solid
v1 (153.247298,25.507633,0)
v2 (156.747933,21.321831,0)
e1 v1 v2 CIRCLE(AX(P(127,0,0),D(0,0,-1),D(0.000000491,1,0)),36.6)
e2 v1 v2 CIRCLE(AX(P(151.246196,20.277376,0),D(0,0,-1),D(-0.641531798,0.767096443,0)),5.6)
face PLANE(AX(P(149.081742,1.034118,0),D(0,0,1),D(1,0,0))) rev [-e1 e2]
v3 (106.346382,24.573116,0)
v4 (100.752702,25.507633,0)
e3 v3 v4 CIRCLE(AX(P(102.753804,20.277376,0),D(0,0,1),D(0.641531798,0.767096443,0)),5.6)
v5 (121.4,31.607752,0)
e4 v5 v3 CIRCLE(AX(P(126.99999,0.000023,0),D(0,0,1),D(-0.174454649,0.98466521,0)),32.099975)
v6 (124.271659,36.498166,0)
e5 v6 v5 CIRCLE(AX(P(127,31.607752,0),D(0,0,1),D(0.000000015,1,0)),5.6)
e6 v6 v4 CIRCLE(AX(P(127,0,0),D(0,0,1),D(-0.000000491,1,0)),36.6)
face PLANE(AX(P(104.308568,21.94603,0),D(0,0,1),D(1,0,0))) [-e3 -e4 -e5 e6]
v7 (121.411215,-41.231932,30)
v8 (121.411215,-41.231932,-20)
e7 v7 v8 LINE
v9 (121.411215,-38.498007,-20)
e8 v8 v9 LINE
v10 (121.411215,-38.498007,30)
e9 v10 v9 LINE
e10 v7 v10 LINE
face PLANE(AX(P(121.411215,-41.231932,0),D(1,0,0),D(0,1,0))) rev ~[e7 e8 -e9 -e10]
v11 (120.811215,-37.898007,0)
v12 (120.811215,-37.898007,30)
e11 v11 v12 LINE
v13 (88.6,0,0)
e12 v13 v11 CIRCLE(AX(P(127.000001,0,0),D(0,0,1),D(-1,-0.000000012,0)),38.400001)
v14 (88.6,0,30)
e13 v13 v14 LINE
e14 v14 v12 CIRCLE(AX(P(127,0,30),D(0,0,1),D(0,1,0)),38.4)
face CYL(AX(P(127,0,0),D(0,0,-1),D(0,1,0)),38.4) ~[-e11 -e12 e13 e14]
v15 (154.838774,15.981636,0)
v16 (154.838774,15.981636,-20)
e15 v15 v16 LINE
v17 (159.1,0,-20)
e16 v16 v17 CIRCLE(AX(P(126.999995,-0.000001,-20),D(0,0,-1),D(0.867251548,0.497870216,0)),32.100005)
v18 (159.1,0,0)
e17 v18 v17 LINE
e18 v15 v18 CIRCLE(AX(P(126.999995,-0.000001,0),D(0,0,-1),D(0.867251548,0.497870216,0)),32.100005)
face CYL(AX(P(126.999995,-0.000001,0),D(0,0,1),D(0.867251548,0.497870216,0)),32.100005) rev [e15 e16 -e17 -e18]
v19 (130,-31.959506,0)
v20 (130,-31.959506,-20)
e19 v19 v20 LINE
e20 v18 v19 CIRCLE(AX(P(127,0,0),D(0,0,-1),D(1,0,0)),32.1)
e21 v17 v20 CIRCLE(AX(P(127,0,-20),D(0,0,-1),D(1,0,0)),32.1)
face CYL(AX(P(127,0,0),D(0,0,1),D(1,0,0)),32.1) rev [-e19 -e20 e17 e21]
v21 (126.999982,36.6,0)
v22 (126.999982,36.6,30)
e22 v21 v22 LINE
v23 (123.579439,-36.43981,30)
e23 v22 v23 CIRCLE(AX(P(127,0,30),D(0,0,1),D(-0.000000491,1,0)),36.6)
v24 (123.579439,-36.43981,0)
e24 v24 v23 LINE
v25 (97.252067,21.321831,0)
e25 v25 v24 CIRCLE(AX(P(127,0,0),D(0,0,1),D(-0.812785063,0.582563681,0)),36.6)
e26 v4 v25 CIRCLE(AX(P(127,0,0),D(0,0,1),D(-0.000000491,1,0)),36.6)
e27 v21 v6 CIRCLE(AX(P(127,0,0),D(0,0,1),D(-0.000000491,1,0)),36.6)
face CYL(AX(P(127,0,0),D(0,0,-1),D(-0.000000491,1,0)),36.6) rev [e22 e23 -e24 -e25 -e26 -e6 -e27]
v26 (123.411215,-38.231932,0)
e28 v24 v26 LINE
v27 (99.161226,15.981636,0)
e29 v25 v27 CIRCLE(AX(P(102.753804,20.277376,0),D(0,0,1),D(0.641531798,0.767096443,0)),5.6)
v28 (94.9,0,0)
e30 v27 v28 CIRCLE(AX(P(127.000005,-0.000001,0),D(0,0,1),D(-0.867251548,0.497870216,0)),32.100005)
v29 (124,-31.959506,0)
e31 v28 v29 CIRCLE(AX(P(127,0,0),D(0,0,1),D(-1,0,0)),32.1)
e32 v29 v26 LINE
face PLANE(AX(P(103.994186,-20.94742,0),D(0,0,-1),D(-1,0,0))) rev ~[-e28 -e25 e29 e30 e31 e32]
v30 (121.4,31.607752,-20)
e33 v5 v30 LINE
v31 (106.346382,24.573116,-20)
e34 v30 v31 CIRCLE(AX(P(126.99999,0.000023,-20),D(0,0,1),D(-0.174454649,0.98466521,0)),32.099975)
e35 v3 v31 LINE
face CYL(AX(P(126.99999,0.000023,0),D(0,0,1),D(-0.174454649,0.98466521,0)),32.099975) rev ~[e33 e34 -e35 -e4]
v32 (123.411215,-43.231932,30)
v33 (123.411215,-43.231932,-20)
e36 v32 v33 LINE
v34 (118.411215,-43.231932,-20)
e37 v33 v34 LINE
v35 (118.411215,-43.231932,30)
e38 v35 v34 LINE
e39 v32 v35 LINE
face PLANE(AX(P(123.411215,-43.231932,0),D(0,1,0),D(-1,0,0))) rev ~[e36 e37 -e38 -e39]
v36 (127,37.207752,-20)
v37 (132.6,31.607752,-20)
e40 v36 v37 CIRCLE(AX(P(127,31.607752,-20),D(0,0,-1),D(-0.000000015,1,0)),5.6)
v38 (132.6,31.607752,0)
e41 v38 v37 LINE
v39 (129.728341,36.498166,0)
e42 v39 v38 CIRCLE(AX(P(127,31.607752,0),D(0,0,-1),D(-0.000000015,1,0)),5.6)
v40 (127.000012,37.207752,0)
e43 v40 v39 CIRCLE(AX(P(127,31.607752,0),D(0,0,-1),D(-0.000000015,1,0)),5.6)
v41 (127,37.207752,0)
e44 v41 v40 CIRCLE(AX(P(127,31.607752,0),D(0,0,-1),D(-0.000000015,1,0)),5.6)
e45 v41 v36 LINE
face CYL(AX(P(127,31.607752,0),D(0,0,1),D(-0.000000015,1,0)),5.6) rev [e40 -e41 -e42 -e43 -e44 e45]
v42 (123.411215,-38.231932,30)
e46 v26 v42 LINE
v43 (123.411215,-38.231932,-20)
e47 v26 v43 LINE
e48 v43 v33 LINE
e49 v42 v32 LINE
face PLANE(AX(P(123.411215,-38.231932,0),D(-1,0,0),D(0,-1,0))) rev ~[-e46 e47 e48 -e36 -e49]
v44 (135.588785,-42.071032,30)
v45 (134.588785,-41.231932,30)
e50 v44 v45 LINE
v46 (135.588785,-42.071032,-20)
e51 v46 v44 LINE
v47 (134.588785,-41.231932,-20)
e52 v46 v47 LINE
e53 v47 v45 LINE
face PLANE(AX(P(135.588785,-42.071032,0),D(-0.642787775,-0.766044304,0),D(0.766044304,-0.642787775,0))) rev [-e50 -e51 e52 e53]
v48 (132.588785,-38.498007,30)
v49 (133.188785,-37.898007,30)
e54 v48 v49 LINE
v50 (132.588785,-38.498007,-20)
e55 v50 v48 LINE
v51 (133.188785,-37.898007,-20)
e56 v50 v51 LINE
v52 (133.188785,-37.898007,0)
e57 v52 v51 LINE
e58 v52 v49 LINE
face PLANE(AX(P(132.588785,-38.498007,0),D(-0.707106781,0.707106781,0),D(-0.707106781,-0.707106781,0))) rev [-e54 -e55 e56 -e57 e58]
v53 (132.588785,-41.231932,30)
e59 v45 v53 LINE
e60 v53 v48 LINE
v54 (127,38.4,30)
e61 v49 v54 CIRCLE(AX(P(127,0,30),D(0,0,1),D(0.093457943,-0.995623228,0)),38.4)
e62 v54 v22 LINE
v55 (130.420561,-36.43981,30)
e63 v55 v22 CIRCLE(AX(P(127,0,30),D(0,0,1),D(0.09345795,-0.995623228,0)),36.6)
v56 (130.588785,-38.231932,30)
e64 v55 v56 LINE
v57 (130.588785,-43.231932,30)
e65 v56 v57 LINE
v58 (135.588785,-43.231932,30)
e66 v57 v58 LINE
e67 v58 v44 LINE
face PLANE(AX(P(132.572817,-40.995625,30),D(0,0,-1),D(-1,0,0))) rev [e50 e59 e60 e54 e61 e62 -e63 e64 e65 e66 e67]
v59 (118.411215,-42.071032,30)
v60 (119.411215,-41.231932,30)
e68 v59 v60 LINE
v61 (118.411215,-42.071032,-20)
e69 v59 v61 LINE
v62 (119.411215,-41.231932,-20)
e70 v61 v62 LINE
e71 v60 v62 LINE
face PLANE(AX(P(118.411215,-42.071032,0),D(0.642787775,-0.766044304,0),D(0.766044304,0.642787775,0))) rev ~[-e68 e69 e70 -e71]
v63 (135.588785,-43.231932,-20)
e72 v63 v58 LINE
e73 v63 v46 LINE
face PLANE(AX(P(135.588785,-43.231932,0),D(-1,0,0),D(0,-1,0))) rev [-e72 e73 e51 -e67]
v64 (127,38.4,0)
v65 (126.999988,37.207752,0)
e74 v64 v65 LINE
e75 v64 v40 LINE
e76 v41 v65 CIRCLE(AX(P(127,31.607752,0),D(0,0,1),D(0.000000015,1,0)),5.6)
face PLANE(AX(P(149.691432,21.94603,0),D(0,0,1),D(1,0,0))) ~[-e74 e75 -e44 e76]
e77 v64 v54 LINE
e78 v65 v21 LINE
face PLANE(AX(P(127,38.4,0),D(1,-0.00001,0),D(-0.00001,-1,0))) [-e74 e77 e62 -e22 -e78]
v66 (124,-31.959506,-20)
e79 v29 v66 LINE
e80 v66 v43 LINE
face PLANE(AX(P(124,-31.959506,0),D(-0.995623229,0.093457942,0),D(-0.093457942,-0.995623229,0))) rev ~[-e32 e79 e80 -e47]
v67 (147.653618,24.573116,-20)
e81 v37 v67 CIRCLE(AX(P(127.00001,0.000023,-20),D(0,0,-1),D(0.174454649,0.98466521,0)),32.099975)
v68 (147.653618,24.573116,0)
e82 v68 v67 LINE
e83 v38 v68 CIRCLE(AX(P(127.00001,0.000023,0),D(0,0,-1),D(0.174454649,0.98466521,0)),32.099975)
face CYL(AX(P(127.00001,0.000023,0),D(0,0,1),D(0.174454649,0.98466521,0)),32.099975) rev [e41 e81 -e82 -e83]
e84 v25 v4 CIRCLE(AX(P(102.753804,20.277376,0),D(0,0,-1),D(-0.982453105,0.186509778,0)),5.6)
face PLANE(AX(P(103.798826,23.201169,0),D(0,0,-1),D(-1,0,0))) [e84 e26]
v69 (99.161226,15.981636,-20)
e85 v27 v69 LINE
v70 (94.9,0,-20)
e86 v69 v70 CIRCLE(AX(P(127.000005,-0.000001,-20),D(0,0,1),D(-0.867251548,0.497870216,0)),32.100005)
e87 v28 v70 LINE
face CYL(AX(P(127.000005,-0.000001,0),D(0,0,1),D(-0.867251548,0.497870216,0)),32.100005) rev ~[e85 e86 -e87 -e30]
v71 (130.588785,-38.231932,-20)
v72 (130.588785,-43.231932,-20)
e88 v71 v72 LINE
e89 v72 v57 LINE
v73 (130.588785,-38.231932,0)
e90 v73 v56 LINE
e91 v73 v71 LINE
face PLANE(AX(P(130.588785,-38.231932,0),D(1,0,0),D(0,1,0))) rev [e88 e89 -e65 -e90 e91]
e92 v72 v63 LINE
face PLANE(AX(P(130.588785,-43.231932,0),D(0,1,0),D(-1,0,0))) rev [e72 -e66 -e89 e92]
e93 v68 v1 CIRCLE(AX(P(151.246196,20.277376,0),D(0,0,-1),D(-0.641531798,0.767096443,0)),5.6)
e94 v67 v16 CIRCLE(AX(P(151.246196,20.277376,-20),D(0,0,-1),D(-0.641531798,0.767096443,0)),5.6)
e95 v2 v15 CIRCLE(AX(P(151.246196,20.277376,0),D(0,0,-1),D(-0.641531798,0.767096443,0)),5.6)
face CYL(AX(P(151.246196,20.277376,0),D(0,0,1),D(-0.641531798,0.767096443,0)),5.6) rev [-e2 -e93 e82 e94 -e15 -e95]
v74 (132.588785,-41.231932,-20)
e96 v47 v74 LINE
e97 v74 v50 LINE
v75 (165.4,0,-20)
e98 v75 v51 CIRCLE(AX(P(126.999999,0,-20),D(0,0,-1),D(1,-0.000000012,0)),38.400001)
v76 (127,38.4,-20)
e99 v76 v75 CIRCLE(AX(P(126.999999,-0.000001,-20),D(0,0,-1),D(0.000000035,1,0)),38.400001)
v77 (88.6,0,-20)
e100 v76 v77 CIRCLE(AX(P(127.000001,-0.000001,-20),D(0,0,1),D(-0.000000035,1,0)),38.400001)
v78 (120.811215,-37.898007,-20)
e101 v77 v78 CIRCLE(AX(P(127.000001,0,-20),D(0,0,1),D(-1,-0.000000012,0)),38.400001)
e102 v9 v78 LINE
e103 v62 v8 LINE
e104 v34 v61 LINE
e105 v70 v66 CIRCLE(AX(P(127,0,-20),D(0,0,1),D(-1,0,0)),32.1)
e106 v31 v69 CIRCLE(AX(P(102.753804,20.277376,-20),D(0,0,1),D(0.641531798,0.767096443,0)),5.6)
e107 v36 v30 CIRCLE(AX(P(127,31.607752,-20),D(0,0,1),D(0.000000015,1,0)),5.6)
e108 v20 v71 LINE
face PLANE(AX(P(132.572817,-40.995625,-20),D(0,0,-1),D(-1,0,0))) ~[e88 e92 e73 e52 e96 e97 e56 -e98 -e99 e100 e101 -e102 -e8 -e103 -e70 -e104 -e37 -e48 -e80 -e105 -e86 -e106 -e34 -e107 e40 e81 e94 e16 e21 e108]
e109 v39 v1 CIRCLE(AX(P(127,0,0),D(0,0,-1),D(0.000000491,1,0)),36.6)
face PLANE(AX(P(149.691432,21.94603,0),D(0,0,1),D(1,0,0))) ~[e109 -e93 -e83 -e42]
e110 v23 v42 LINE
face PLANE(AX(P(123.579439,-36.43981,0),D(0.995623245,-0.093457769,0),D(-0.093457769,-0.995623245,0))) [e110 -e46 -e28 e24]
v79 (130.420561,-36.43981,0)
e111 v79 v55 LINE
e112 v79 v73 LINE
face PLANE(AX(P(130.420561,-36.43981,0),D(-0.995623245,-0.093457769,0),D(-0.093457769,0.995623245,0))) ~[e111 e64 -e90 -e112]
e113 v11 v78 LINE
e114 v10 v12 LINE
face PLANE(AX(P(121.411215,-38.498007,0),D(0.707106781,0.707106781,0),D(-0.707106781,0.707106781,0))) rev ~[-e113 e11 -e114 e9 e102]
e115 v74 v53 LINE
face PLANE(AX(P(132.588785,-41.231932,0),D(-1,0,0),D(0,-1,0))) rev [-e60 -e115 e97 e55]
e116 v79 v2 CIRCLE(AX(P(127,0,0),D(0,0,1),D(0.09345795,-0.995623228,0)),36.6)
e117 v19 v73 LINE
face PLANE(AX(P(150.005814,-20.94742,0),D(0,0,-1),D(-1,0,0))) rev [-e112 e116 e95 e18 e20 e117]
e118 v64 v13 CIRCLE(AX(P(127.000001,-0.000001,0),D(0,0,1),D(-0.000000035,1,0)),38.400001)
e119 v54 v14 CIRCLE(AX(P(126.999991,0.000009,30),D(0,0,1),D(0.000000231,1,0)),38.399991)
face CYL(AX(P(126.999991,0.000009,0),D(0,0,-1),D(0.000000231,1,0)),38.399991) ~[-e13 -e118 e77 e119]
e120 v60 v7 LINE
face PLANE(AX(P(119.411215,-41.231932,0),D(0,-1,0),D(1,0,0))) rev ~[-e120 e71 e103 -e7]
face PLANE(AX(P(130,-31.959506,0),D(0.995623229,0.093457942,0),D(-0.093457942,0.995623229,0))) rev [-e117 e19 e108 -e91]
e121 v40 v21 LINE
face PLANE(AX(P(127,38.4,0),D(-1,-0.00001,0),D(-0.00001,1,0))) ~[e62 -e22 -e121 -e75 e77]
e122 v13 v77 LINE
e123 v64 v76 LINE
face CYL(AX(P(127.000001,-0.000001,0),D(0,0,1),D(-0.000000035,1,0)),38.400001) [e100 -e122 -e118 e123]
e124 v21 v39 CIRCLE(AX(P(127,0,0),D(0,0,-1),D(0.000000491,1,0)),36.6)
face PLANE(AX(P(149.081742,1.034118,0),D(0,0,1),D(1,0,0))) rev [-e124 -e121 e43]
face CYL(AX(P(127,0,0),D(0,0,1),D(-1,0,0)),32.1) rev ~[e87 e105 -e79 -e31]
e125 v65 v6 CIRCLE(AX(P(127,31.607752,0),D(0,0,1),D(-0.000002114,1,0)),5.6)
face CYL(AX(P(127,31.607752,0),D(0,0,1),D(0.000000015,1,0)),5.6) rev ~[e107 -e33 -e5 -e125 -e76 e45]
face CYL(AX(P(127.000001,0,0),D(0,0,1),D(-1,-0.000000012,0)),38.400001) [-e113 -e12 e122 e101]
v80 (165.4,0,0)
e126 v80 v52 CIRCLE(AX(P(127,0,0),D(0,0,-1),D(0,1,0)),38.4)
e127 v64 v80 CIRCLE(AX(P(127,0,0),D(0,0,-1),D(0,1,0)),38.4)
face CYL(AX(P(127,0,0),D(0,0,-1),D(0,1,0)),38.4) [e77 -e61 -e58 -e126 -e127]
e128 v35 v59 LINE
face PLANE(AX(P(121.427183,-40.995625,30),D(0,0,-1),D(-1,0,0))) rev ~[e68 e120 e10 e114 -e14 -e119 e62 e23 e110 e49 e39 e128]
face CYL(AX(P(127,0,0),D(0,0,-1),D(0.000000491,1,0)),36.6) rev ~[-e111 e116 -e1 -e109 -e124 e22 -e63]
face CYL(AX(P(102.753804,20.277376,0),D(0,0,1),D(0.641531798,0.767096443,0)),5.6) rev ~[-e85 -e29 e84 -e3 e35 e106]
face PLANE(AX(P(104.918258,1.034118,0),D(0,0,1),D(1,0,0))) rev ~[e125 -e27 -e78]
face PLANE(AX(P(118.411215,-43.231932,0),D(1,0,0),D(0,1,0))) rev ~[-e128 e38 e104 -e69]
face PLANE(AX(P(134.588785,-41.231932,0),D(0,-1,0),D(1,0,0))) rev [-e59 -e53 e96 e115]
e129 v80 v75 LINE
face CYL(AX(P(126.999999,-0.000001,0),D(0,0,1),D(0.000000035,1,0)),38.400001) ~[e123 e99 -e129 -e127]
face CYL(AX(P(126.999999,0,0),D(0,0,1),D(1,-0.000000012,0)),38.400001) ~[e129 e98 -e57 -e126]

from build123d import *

# Parameters (mm, degrees)
PAD015_DEPTH = 20
PAD016_DEPTH = 30
PAD017_DEPTH = 20
PAD018_DEPTH = 30
PAD019_DEPTH = 30
PAD020_DEPTH = 20


with BuildPart() as part:
    # Sketch024 → Pad015 (new body)
    with BuildSketch(Plane.XY):
        with BuildLine():
            ThreePointArc((0, 38.4), (-27.1529, 27.1529), (-38.4, 0))
            Line((-38.4, 0), (-32.1, 0))
            ThreePointArc((-27.838774, 15.981636), (-31.016404, 8.269987), (-32.1, 0))
            ThreePointArc((-20.653618, 24.573116), (-28.541936, 23.869954), (-27.838774, 15.981636))
            ThreePointArc((-5.6, 31.607752), (-13.589873, 29.081358), (-20.653618, 24.573116))
            ThreePointArc((0, 37.207752), (-3.959798, 35.56755), (-5.6, 31.607752))
            Line((0, 38.4), (0, 37.207752))
        make_face()
    pad015 = extrude(amount=-PAD015_DEPTH)

    # Sketch025 → Pad016 (join)
    with BuildSketch(Plane.XY):
        with BuildLine():
            ThreePointArc((-1.8e-05, 36.6), (-25.880117, 25.880104), (-36.6, 0))
            Line((-36.6, 0), (-38.4, 0))
            ThreePointArc((0, 38.4), (-27.152903, 27.152903), (-38.4, 0))
            Line((0, 38.4), (-1.8e-05, 36.6))
        make_face()
    pad016 = extrude(amount=PAD016_DEPTH)

    # Sketch026 → Pad017 (join)
    with BuildSketch(Plane.XY):
        with BuildLine():
            ThreePointArc((-32.1, 0), (-23.735101, -21.611455), (-3, -31.959506))
            Line((-3, -31.959506), (-3.588785, -38.231932))
            ThreePointArc((-38.4, 0), (-28.393391, -25.852956), (-3.588785, -38.231932))
            Line((-38.4, 0), (-32.1, 0))
        make_face()
    pad017 = extrude(amount=-PAD017_DEPTH)

    # Sketch027 → Pad018 (join)
    with BuildSketch(Plane.XY):
        with BuildLine():
            ThreePointArc((0, 38.4), (-38.35796, 1.796359), (-3.588785, -38.231932))
            Line((-3.420561, -36.43981), (-3.588785, -38.231932))
            ThreePointArc((-1.8e-05, 36.6), (-36.559931, 1.712146), (-3.420561, -36.43981))
            Line((0, 38.4), (-1.8e-05, 36.6))
        make_face()
    pad018 = extrude(amount=PAD018_DEPTH)

    # Mirrored003: Pad018, Pad017, Pad016, Pad015 across Sketch027 V_Axis
    add(pad018.mirror(Plane(origin=(0, 0, 0), x_dir=(0, 0, 1), z_dir=(1, 0, 0))))
    add(pad017.mirror(Plane(origin=(0, 0, 0), x_dir=(0, 0, 1), z_dir=(1, 0, 0))))
    add(pad016.mirror(Plane(origin=(0, 0, 0), x_dir=(0, 0, 1), z_dir=(1, 0, 0))))
    add(pad015.mirror(Plane(origin=(0, 0, 0), x_dir=(0, 0, 1), z_dir=(1, 0, 0))))

    # Sketch028 → Pad019 (join)
    with BuildSketch(Plane.XY):
        with BuildLine():
            ThreePointArc((-6.188785, -37.898007), (-4.891635, -38.087162), (-3.588785, -38.231932))
            Line((-3.588785, -38.231932), (-3.588785, -43.231932))
            Line((-3.588785, -43.231932), (-8.588785, -43.231932))
            Line((-8.588785, -43.231932), (-8.588785, -42.071032))
            Line((-8.588785, -42.071032), (-7.588785, -41.231932))
            Line((-7.588785, -41.231932), (-5.588785, -41.231932))
            Line((-5.588785, -41.231932), (-5.588785, -38.498007))
            Line((-5.588785, -38.498007), (-6.188785, -37.898007))
        make_face()
    pad019 = extrude(amount=PAD019_DEPTH)

    # Sketch028 → Pad020 (join)
    with BuildSketch(Plane.XY):
        with BuildLine():
            ThreePointArc((-6.188785, -37.898007), (-4.891635, -38.087162), (-3.588785, -38.231932))
            Line((-3.588785, -38.231932), (-3.588785, -43.231932))
            Line((-3.588785, -43.231932), (-8.588785, -43.231932))
            Line((-8.588785, -43.231932), (-8.588785, -42.071032))
            Line((-8.588785, -42.071032), (-7.588785, -41.231932))
            Line((-7.588785, -41.231932), (-5.588785, -41.231932))
            Line((-5.588785, -41.231932), (-5.588785, -38.498007))
            Line((-5.588785, -38.498007), (-6.188785, -37.898007))
        make_face()
    pad020 = extrude(amount=-PAD020_DEPTH)

    # Mirrored004: Pad019, Pad020 across Sketch028 V_Axis
    add(pad019.mirror(Plane(origin=(0, 0, 0), x_dir=(0, 0, 1), z_dir=(1, 0, 0))))
    add(pad020.mirror(Plane(origin=(0, 0, 0), x_dir=(0, 0, 1), z_dir=(1, 0, 0))))


with BuildPart() as part_1:
    # Body020 placement: moved
    add(part.part.moved(Location((127, 0, 0))))


solid = part_1.part
